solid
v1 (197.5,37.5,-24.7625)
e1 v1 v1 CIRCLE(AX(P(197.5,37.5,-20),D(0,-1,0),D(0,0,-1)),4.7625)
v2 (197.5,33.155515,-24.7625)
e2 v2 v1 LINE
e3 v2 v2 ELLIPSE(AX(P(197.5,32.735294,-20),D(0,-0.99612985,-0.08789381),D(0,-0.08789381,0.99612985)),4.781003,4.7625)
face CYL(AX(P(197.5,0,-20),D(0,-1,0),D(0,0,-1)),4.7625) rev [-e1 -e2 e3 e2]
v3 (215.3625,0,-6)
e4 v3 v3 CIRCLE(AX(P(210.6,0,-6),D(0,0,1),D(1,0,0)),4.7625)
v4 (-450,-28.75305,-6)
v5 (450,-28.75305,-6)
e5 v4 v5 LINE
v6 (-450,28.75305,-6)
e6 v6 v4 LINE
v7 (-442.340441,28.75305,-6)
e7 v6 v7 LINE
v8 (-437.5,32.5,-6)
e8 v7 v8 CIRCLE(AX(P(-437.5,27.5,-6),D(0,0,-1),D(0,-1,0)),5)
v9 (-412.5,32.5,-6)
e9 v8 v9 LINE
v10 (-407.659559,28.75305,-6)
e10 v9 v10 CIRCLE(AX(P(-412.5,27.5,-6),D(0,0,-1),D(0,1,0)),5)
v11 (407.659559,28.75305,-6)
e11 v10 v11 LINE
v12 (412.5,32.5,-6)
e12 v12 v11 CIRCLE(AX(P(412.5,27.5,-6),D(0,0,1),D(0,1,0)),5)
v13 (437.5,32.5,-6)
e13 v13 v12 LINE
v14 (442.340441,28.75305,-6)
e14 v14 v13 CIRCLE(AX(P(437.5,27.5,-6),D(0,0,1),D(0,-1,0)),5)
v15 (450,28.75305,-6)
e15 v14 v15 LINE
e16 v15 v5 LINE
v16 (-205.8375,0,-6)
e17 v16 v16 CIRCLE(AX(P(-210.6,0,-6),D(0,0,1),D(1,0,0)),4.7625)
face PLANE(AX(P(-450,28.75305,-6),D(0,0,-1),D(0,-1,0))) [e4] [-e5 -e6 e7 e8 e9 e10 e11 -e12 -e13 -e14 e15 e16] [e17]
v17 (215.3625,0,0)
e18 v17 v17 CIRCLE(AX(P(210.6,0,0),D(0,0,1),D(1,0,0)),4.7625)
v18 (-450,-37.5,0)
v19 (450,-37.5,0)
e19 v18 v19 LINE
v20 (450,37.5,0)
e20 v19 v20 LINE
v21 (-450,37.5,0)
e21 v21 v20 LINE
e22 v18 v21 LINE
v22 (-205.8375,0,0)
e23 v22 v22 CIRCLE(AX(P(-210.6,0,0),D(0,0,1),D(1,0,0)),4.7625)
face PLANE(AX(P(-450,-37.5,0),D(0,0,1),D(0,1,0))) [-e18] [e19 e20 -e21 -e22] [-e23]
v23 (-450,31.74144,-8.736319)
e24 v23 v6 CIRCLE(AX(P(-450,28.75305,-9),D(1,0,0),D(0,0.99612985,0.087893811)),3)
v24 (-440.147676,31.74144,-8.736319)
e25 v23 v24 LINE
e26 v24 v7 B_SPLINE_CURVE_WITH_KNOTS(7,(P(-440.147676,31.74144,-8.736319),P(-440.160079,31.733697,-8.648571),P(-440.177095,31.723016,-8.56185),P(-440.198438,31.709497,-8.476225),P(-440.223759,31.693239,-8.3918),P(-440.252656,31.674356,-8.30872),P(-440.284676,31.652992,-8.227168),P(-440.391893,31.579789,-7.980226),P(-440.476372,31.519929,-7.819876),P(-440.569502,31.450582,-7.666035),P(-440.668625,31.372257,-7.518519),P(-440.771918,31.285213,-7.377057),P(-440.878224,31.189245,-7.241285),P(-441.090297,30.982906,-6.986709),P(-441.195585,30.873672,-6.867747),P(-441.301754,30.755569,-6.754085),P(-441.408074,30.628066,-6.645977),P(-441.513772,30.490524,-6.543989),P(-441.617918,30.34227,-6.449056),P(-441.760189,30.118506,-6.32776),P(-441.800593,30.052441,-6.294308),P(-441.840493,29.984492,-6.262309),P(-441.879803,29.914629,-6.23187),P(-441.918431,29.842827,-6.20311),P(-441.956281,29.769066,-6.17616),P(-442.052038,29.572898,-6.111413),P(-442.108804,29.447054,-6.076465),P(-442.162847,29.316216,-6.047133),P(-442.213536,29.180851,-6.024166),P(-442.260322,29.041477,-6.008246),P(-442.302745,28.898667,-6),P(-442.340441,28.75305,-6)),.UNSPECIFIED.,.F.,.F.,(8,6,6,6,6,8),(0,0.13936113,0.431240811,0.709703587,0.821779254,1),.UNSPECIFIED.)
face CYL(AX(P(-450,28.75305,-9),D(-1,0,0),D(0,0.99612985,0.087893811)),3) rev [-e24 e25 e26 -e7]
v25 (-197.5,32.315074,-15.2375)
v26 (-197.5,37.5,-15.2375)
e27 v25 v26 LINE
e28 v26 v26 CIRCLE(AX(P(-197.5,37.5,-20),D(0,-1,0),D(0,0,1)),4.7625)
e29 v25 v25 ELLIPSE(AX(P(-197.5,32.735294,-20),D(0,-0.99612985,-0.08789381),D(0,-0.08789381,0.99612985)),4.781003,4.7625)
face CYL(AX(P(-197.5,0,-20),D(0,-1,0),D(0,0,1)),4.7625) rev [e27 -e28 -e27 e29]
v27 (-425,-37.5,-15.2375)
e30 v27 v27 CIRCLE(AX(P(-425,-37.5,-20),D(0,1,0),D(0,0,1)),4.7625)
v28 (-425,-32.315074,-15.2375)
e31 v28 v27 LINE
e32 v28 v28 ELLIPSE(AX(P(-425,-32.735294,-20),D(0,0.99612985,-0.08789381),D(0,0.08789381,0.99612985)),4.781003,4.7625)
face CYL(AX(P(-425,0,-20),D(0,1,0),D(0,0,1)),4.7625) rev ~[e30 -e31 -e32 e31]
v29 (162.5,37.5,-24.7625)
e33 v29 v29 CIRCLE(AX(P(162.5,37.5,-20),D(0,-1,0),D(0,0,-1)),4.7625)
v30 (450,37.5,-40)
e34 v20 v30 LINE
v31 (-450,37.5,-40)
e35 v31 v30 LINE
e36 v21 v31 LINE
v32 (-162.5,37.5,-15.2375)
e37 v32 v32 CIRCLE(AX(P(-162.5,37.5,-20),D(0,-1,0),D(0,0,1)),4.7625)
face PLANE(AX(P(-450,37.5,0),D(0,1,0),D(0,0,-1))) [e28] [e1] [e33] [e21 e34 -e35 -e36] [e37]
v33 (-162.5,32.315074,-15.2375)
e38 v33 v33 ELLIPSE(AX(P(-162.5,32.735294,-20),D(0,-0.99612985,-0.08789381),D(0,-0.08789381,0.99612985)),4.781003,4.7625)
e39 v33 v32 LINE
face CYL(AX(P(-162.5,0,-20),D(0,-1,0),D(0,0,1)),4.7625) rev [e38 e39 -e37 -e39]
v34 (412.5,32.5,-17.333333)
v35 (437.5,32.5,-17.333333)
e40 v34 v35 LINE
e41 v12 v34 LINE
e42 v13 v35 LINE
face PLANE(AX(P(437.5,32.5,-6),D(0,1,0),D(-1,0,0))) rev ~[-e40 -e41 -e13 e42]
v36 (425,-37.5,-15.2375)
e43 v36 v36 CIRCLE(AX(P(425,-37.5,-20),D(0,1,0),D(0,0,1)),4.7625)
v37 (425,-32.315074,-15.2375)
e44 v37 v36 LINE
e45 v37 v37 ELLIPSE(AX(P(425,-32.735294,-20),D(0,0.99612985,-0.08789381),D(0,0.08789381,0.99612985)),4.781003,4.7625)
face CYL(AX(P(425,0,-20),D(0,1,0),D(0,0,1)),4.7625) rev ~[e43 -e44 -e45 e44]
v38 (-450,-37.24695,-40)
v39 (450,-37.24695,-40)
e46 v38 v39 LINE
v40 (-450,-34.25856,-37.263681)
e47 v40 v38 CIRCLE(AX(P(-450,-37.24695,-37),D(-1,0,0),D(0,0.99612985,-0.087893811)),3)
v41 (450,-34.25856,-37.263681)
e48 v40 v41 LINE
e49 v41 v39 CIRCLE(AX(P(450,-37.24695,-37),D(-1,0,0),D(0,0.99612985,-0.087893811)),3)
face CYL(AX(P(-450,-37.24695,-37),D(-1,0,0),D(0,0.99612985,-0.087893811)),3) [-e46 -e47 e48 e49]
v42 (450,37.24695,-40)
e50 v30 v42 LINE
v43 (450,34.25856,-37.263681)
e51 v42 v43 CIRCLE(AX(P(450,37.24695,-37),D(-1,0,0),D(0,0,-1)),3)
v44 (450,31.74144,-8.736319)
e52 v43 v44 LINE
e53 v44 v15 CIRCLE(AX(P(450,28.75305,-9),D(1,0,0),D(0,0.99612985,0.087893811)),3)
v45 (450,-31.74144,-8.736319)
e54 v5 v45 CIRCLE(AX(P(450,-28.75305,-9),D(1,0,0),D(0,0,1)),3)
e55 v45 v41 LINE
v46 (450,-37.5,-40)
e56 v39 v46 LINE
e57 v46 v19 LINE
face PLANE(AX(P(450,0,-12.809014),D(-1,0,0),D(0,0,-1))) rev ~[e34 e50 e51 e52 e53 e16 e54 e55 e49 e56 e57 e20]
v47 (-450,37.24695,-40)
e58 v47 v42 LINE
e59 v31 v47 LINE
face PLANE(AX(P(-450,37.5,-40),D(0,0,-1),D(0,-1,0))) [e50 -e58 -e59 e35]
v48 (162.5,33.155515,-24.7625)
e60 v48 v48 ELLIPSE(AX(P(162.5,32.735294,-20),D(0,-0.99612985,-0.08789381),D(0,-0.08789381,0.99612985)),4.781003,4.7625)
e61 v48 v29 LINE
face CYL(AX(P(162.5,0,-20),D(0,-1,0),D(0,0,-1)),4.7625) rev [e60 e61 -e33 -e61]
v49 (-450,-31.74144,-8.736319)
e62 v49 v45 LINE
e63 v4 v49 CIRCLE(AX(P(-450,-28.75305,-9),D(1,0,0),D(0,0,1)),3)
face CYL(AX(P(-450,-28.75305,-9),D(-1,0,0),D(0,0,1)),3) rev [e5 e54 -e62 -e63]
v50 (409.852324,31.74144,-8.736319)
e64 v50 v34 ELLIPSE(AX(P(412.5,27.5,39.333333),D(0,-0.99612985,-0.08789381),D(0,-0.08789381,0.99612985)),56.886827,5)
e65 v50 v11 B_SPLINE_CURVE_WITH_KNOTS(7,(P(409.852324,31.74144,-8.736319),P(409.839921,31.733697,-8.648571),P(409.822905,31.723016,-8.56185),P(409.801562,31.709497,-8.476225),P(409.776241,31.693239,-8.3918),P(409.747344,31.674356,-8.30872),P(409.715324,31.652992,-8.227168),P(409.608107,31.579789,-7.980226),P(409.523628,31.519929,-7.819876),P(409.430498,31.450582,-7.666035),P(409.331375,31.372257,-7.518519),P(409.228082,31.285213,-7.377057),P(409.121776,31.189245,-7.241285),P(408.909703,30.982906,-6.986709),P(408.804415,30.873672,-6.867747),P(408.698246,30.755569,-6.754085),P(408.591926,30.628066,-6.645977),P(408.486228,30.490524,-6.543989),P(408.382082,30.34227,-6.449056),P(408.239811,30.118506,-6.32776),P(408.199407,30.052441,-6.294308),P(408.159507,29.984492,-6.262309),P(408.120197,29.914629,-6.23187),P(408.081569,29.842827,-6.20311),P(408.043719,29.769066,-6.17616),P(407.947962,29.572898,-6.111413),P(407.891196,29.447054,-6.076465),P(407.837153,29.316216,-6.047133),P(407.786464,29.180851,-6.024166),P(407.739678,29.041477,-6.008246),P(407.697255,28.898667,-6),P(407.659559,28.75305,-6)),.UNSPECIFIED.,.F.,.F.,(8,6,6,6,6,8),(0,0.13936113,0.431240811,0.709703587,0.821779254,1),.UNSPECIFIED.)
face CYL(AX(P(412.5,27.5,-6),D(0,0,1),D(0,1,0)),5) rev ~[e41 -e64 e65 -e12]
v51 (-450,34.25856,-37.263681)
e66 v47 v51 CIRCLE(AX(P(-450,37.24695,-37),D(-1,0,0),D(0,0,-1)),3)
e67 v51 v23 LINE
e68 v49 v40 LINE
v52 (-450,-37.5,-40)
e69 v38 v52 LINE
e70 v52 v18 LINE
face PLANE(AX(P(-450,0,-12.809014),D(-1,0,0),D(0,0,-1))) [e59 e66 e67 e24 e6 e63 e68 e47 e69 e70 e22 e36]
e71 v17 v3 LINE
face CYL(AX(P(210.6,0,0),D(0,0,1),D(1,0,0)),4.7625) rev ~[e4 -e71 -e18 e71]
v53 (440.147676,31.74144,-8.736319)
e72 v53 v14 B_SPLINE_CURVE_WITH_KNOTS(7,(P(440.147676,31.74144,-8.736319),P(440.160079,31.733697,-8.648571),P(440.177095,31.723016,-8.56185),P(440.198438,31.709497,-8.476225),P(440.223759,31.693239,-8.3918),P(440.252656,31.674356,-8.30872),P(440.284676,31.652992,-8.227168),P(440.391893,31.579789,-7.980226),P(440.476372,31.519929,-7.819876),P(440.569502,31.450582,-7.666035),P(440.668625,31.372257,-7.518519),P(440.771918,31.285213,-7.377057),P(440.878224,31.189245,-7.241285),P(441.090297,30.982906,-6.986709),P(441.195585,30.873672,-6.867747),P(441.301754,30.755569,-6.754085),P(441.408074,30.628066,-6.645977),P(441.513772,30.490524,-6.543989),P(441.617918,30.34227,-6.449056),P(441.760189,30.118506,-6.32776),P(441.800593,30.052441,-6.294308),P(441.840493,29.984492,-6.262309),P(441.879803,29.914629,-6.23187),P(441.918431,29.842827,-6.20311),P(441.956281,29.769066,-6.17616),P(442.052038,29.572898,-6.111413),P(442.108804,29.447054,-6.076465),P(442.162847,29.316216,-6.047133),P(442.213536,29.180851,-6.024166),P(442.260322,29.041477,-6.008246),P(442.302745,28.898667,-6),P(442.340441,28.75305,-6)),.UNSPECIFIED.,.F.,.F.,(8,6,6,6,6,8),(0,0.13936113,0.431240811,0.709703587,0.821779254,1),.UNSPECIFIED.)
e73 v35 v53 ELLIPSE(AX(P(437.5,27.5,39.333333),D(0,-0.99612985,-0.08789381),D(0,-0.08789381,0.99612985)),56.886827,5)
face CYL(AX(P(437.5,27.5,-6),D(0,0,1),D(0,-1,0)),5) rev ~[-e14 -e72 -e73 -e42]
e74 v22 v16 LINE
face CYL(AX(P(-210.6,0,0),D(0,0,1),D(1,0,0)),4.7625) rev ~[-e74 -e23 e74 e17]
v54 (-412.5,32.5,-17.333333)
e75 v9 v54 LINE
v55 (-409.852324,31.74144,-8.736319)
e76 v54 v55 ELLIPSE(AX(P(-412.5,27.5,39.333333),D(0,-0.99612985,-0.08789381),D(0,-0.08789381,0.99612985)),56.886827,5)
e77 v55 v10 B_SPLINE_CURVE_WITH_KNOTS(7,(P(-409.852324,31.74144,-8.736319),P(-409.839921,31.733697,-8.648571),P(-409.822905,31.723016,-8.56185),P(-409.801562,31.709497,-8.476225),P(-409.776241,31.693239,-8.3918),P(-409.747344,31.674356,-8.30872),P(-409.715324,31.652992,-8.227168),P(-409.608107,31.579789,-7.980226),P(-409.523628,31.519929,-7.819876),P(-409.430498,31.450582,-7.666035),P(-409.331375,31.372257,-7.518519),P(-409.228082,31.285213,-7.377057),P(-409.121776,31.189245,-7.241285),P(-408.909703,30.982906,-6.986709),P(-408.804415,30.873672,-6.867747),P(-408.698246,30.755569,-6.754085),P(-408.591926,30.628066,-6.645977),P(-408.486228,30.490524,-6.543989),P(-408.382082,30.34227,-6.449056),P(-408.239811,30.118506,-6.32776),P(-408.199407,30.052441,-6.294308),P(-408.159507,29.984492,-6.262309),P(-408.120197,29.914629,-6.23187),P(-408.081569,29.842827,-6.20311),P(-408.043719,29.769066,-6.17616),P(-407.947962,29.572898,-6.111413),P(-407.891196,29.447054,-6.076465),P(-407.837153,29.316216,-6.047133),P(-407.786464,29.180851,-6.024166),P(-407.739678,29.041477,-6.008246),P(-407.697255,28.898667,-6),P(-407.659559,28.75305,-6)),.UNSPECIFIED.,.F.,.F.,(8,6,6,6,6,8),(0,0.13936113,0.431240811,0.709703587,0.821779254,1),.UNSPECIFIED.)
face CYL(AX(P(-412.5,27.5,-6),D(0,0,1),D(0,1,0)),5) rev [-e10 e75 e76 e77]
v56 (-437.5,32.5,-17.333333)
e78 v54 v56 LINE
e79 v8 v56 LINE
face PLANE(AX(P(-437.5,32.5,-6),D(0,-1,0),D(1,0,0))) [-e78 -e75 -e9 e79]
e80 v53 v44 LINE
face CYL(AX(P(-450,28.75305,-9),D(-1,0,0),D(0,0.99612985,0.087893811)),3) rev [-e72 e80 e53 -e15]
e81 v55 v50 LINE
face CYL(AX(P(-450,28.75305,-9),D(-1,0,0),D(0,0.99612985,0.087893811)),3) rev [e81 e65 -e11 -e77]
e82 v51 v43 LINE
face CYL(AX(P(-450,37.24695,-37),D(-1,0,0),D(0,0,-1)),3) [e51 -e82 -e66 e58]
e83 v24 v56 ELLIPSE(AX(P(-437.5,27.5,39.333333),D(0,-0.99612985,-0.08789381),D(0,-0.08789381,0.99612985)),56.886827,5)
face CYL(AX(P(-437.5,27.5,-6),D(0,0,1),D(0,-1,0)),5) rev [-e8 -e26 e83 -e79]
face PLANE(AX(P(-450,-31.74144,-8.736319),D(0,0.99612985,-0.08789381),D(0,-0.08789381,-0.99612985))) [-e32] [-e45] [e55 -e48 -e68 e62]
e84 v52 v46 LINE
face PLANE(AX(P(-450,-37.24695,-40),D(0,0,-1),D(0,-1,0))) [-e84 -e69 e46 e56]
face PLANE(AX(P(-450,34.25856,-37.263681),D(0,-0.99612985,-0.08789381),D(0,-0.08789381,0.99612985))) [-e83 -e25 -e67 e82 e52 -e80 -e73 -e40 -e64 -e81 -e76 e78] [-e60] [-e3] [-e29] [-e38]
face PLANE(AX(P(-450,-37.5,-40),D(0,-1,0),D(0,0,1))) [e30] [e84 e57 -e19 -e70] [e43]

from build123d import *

# Parameters (mm, degrees)
STRUCTURAL_MEMBER1_DEPTH = 900
SKETCH12_R               = 4.7625
CUT_EXTRUDE1_DEPTH       = 454.327971782
CUT_EXTRUDE2_DEPTH       = 40
SKETCH16_R               = 4.7625
CUT_EXTRUDE3_DEPTH       = 454.327971881
SKETCH19_OUTSIDE_W       = 1082.8
SKETCH19_OUTSIDE_H       = 257.8
SKETCH19_OUTSIDE_W_2     = 900
SKETCH19_OUTSIDE_H_2     = 75
SKETCH19_OUTSIDE_R       = 4.7625
CUT_EXTRUDE5_DEPTH       = 454.327971881


with BuildPart() as part:
    # Sketch18 → Structural Member1 (new body)
    with BuildSketch(Plane(origin=(-450, 0, 0), x_dir=(0, 0, 1), z_dir=(1, 0, 0))):
        with BuildLine():
            Line((0, 37.5), (0, -37.5))
            Line((0, -37.5), (-40, -37.5))
            Line((-40, -37.5), (-40, -37.246949676))
            ThreePointArc((-40, -37.246949676), (-39.212582687, -35.220998578), (-37.263681431, -34.258560126))
            Line((-37.263681431, -34.258560126), (-8.736318569, -31.741439874))
            ThreePointArc((-8.736318569, -31.741439874), (-6.787417313, -30.779001422), (-6, -28.753050324))
            Line((-6, -28.753050324), (-6, 28.753050324))
            ThreePointArc((-6, 28.753050324), (-6.787417313, 30.779001422), (-8.736318569, 31.741439874))
            Line((-8.736318569, 31.741439874), (-37.263681431, 34.258560126))
            ThreePointArc((-37.263681431, 34.258560126), (-39.212582687, 35.220998578), (-40, 37.246949676))
            Line((-40, 37.246949676), (-40, 37.5))
            Line((-40, 37.5), (0, 37.5))
        make_face()
    extrude(amount=STRUCTURAL_MEMBER1_DEPTH)

    # Sketch12 → Cut-Extrude1 (cut, through all)
    with BuildSketch(Plane(origin=(0, 0, 0), x_dir=(1, 0, 0), z_dir=(0, 1, 0))):
        with Locations(Location((-425, 20, 0), (0, 0, 270))):
            Circle(SKETCH12_R)
        with Locations(Location((425, 20, 0), (0, 0, 270))):
            Circle(SKETCH12_R)
    extrude(amount=-CUT_EXTRUDE1_DEPTH, mode=Mode.SUBTRACT)

    # Sketch15 → Cut-Extrude2 (cut)
    with BuildSketch(Plane(origin=(0, 0, -6), x_dir=(-1, 0, 0), z_dir=(0, 0, -1))):
        with BuildLine():
            Line((-412.5, 22.5), (-437.5, 22.5))
            ThreePointArc((-437.5, 22.5), (-442.5, 27.5), (-437.5, 32.5))
            Line((-437.5, 32.5), (-412.5, 32.5))
            ThreePointArc((-412.5, 32.5), (-407.5, 27.5), (-412.5, 22.5))
        make_face()
        with BuildLine():
            Line((412.5, 22.5), (437.5, 22.5))
            ThreePointArc((437.5, 22.5), (442.5, 27.5), (437.5, 32.5))
            Line((437.5, 32.5), (412.5, 32.5))
            ThreePointArc((412.5, 32.5), (407.5, 27.5), (412.5, 22.5))
        make_face()
    extrude(amount=CUT_EXTRUDE2_DEPTH, mode=Mode.SUBTRACT)

    # Sketch16 → Cut-Extrude3 (cut, through all)
    with BuildSketch(Plane(origin=(0, 0, 0), x_dir=(1, 0, 0), z_dir=(0, 1, 0))):
        with Locations(Location((-197.5, 20, 0), (0, 0, 270))):
            Circle(SKETCH16_R)
        with Locations(Location((-162.5, 20, 0), (0, 0, 270))):
            Circle(SKETCH16_R)
        with Locations(Location((162.5, 20, 0), (0, 0, 90))):
            Circle(SKETCH16_R)
        with Locations(Location((197.5, 20, 0), (0, 0, 90))):
            Circle(SKETCH16_R)
    extrude(amount=CUT_EXTRUDE3_DEPTH, mode=Mode.SUBTRACT)

    # Sketch19 outside → Cut-Extrude5 (cut, through all)
    with BuildSketch(Plane.XY):
        Rectangle(SKETCH19_OUTSIDE_W, SKETCH19_OUTSIDE_H)
        Rectangle(SKETCH19_OUTSIDE_W_2, SKETCH19_OUTSIDE_H_2, mode=Mode.SUBTRACT)
        with Locations((210.6, 0)):
            Circle(SKETCH19_OUTSIDE_R)
        with Locations((-210.6, 0)):
            Circle(SKETCH19_OUTSIDE_R)
    extrude(amount=-CUT_EXTRUDE5_DEPTH, mode=Mode.SUBTRACT)


solid = part.part
